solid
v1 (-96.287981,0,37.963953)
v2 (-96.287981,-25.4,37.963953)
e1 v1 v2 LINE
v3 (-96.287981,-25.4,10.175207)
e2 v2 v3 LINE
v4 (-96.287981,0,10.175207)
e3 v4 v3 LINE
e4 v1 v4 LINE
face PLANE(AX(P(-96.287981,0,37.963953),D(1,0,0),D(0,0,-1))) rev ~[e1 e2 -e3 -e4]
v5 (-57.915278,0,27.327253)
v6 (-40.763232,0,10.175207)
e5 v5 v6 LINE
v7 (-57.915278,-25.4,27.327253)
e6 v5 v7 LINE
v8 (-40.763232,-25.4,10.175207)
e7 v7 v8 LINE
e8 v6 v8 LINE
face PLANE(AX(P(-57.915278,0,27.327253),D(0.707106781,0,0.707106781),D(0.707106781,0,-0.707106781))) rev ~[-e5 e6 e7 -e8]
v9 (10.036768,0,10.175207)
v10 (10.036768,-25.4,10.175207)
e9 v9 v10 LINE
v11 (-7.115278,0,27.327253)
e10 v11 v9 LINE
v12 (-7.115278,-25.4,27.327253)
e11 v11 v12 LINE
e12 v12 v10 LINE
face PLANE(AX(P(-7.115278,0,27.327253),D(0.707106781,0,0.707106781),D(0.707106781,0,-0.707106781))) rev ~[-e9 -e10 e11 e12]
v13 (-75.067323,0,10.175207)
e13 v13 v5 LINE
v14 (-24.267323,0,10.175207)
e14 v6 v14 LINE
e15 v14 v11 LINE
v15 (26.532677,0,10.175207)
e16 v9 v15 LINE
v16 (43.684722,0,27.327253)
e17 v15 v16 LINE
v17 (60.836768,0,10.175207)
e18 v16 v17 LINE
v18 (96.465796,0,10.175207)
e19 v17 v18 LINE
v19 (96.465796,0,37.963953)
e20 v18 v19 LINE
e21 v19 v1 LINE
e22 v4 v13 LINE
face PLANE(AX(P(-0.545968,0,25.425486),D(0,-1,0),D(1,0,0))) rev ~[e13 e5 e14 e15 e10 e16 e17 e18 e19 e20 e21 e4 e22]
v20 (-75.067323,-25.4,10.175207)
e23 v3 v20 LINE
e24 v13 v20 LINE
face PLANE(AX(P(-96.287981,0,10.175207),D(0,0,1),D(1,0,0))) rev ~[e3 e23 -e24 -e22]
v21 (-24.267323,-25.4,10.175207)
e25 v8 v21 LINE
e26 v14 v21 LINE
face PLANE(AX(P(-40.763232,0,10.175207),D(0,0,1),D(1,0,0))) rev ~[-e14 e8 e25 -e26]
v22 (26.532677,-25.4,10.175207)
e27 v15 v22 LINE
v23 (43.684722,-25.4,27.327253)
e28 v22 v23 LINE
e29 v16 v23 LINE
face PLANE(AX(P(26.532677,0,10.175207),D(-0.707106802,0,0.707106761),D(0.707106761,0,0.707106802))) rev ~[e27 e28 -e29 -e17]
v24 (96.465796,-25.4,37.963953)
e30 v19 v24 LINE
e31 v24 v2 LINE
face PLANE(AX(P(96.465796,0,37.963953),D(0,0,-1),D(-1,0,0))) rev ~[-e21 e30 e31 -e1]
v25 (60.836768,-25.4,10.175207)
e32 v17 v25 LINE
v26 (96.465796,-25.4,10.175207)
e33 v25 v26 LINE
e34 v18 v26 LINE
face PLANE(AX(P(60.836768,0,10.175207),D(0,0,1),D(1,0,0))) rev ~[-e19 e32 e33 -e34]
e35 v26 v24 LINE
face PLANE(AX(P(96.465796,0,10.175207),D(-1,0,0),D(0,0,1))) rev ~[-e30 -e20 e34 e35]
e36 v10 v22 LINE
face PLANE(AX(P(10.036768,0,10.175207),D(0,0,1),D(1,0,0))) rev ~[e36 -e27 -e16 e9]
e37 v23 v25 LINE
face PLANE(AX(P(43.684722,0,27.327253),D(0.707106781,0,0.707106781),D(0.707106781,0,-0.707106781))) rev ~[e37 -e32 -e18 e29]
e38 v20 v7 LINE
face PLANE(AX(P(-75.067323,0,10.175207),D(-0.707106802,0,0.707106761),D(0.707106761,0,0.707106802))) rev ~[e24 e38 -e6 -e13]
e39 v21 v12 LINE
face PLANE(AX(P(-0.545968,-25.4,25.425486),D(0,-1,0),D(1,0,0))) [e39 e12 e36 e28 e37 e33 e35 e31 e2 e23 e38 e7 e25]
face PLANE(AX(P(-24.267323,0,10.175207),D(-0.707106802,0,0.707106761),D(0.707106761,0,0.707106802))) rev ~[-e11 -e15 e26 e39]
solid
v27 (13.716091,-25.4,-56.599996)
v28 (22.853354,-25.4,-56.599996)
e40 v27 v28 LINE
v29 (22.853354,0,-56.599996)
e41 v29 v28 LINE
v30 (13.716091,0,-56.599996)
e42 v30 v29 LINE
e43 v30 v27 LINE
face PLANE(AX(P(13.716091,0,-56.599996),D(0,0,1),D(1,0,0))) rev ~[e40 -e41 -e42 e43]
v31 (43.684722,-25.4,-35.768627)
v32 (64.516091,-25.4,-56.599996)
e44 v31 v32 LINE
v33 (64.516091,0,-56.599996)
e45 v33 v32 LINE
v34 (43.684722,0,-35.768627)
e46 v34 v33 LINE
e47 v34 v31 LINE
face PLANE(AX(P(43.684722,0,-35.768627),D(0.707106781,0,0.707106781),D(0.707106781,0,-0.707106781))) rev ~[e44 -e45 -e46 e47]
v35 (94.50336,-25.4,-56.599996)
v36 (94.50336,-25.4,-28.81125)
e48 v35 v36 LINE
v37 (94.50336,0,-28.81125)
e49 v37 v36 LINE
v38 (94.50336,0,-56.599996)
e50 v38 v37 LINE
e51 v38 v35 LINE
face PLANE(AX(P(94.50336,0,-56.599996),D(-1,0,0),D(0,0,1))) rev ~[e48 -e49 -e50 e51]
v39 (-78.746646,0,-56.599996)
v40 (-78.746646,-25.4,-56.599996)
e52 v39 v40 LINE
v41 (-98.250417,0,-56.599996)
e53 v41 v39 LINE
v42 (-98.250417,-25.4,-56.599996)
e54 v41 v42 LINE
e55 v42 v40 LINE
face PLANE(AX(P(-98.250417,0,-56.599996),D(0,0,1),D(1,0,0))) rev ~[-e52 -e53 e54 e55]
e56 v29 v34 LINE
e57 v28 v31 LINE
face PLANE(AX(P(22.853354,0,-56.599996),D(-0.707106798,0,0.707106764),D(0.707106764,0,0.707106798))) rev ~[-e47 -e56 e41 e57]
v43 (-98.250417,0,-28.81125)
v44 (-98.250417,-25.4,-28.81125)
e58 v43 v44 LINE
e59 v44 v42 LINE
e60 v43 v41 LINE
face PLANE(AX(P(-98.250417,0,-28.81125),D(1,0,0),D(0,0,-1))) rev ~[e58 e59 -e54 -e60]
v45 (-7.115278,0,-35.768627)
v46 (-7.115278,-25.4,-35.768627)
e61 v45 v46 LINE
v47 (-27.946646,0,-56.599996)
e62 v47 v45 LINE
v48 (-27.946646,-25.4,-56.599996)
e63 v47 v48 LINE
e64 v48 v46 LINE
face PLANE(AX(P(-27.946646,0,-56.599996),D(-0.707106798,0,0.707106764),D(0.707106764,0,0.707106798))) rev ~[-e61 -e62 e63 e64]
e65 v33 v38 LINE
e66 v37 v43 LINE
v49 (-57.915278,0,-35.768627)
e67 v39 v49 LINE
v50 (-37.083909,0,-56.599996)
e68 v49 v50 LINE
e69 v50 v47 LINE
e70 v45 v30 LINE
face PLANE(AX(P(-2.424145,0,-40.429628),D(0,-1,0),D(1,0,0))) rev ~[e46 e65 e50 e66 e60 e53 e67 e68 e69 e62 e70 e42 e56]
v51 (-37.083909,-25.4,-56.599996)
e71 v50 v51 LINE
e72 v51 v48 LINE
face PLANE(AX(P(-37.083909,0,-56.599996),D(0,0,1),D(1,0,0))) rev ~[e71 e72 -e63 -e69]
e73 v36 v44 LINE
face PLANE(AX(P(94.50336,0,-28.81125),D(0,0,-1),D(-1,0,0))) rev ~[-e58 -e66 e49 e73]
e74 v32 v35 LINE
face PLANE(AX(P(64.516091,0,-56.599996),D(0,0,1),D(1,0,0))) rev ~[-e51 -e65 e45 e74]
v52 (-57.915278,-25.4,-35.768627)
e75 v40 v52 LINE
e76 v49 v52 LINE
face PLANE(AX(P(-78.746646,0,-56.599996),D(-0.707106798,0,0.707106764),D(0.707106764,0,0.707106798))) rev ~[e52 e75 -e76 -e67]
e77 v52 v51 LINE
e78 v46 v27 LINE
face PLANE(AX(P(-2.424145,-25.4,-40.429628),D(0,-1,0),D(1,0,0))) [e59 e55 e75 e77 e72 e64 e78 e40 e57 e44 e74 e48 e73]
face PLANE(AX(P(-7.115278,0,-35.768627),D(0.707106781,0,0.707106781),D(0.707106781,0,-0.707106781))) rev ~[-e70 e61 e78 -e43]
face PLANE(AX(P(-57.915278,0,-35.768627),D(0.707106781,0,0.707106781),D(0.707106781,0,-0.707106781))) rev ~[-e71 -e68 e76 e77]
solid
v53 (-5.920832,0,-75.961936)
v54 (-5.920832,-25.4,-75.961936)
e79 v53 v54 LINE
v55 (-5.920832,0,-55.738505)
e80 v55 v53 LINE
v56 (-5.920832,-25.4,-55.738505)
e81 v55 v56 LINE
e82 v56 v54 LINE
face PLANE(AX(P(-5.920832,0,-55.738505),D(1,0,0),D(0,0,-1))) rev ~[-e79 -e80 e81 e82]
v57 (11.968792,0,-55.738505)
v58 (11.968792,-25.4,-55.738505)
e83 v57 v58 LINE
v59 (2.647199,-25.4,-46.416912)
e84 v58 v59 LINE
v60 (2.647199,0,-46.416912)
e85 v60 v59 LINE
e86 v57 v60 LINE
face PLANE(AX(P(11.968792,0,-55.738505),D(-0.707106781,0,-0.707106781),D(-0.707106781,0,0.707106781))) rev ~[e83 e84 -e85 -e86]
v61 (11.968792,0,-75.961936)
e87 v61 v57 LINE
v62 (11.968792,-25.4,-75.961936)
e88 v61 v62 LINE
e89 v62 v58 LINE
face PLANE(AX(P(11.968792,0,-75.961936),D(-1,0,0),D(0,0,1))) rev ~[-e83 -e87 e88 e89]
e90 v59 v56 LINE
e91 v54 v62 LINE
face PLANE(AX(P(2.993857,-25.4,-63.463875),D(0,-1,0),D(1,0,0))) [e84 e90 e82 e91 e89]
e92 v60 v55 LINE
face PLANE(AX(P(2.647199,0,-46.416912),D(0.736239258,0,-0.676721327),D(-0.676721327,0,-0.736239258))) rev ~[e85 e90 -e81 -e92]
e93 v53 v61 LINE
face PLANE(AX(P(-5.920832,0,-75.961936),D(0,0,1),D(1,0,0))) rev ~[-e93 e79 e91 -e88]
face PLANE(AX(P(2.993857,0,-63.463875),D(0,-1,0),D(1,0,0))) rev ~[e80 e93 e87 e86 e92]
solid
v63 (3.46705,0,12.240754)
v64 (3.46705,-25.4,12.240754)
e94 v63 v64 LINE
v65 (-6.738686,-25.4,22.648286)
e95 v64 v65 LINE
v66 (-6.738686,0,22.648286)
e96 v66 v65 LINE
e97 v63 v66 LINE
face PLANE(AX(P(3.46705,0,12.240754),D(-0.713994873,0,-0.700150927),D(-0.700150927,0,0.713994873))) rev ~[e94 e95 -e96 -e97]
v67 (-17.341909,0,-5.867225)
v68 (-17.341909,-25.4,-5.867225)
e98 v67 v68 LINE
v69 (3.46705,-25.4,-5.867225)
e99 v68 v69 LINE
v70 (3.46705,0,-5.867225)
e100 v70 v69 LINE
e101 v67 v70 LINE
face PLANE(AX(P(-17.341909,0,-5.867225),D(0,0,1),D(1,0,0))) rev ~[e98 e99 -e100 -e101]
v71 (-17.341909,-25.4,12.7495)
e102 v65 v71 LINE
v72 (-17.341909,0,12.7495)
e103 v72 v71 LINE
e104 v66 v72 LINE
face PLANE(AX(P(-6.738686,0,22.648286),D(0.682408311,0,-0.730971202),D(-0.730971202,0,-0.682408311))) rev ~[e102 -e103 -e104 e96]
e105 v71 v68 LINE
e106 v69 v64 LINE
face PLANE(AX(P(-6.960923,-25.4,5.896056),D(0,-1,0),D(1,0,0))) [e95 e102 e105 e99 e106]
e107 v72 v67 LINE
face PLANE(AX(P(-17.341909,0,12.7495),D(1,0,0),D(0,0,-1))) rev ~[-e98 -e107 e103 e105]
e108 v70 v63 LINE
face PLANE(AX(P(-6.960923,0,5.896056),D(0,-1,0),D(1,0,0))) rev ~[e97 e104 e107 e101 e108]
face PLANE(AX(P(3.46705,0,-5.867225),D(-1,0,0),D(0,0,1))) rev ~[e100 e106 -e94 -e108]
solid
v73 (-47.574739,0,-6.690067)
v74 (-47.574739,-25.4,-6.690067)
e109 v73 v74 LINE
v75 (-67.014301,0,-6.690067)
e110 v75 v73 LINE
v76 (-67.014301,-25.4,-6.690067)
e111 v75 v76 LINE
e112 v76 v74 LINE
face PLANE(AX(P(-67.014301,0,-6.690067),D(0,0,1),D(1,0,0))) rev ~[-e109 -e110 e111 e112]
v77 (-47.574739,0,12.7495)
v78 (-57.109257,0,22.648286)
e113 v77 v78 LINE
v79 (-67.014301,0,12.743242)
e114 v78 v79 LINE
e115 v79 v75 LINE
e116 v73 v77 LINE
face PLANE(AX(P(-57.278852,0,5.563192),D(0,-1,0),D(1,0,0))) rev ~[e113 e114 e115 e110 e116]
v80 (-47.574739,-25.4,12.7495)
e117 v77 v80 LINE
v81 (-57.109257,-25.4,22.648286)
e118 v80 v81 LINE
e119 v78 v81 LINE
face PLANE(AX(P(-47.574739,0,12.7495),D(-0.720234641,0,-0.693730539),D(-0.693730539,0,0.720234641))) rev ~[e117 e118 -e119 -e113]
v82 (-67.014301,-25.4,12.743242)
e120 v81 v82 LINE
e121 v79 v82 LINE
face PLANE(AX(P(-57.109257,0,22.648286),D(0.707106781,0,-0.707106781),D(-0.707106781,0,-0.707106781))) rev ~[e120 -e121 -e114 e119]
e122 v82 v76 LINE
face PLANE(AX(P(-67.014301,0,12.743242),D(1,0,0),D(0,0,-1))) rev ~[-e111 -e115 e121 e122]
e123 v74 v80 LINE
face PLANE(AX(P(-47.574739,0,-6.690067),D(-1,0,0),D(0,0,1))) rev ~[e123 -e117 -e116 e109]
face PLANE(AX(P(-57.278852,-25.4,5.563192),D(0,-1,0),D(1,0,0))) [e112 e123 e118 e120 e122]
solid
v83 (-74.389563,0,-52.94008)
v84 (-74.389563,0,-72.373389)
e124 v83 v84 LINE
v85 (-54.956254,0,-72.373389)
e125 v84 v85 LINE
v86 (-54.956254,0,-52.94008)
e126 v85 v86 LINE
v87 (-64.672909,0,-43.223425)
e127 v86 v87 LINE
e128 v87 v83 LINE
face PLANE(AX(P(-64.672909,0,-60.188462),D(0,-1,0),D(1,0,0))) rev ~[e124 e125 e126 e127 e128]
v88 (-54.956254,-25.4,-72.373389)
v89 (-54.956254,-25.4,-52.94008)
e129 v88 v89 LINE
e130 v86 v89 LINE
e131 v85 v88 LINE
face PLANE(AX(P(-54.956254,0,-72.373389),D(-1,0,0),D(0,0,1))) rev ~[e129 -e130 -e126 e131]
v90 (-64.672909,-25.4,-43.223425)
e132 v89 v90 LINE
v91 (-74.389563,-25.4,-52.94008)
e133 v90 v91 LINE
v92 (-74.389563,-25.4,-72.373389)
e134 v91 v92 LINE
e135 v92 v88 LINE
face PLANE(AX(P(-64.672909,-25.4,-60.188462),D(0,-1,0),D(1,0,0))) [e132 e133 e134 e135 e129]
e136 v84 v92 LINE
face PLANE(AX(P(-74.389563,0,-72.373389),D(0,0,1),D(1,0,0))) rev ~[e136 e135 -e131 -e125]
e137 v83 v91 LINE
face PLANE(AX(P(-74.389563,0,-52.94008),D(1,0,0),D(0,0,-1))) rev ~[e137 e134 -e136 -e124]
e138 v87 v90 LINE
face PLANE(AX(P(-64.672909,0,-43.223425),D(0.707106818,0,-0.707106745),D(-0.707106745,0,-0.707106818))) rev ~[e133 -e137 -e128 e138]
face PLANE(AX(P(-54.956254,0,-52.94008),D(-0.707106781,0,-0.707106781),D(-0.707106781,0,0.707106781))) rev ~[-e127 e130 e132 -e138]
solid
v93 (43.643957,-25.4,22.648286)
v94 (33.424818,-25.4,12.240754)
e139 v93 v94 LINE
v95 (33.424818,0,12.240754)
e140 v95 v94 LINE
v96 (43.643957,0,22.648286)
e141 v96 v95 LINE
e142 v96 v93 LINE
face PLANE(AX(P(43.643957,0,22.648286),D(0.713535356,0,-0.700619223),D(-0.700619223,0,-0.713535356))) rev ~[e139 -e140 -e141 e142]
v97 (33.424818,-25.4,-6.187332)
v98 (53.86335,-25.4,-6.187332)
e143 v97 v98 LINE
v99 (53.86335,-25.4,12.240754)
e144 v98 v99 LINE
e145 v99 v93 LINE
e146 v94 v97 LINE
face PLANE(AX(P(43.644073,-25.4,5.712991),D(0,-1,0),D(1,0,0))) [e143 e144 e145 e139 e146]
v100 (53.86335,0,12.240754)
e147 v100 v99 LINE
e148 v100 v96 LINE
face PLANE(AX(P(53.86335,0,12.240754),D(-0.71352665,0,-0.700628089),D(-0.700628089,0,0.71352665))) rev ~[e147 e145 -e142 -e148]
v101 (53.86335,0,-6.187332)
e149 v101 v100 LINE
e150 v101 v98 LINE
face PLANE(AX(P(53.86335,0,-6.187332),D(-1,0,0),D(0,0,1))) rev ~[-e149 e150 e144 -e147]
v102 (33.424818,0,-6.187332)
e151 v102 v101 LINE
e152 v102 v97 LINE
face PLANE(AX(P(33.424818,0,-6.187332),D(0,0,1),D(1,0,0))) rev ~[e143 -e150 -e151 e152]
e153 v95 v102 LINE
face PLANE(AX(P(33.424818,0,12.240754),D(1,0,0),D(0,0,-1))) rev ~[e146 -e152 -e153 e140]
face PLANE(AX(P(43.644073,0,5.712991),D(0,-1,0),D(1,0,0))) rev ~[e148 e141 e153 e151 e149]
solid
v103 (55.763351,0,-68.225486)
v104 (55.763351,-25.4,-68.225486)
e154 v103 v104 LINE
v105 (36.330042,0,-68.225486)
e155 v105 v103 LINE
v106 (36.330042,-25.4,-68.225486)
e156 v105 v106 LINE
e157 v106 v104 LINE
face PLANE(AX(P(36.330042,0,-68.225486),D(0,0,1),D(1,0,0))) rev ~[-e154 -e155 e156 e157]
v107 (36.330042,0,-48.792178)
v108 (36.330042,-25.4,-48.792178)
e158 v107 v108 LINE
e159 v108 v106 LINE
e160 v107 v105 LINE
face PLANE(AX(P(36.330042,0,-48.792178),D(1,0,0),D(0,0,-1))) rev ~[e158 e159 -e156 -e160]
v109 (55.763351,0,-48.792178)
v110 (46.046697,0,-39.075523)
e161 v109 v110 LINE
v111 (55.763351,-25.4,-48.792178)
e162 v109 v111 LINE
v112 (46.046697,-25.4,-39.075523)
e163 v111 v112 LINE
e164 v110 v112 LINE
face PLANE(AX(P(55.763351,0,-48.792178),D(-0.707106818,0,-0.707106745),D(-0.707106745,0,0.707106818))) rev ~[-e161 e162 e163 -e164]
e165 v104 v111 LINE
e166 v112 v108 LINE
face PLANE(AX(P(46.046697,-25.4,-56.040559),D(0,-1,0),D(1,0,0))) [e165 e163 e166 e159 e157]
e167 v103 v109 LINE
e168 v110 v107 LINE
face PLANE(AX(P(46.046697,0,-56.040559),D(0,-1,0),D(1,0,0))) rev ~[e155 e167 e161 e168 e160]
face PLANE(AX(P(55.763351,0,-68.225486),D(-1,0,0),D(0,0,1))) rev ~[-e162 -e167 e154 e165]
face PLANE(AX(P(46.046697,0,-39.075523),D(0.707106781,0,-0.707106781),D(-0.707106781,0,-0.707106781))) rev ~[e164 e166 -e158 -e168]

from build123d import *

# Parameters (mm, degrees)
F1_DEPTH = 25.4


with BuildPart() as f1:
    # F0 (on Front) → F1 (new body)
    with BuildSketch(Plane.XZ):
        Polygon((96.465796, 37.963953), (-96.287981, 37.963953), (-96.287981, 10.175207), (-75.067323, 10.175207), (-57.915278, 27.327253), (-40.763232, 10.175207), (-24.267323, 10.175207), (-7.115278, 27.327253), (10.036768, 10.175207), (26.532677, 10.175207), (43.684722, 27.327253), (60.836768, 10.175207), (96.465796, 10.175207), align=None)
        Polygon((94.50336, -28.81125), (-98.250417, -28.81125), (-98.250417, -56.599996), (-78.746646, -56.599996), (-57.915278, -35.768627), (-37.083909, -56.599996), (-27.946646, -56.599996), (-7.115278, -35.768627), (13.716091, -56.599996), (22.853354, -56.599996), (43.684722, -35.768627), (64.516091, -56.599996), (94.50336, -56.599996), align=None)
        Polygon((-47.574739, 12.7495), (-57.109257, 22.648286), (-67.014301, 12.743242), (-67.014301, -6.690067), (-47.574739, -6.690067), align=None)
        Polygon((3.46705, 12.240754), (-6.738686, 22.648286), (-17.341909, 12.7495), (-17.341909, -5.867225), (3.46705, -5.867225), align=None)
        Polygon((53.86335, 12.240754), (43.643957, 22.648286), (33.424818, 12.240754), (33.424818, -6.187332), (53.86335, -6.187332), align=None)
        Polygon((-54.956254, -52.94008), (-64.672909, -43.223425), (-74.389563, -52.94008), (-74.389563, -72.373389), (-54.956254, -72.373389), align=None)
        Polygon((11.968792, -55.738505), (2.647199, -46.416912), (-5.920832, -55.738505), (-5.920832, -75.961936), (11.968792, -75.961936), align=None)
        Polygon((55.763351, -48.792178), (46.046697, -39.075523), (36.330042, -48.792178), (36.330042, -68.225486), (55.763351, -68.225486), align=None)
    extrude(amount=F1_DEPTH)


solid = f1.part
